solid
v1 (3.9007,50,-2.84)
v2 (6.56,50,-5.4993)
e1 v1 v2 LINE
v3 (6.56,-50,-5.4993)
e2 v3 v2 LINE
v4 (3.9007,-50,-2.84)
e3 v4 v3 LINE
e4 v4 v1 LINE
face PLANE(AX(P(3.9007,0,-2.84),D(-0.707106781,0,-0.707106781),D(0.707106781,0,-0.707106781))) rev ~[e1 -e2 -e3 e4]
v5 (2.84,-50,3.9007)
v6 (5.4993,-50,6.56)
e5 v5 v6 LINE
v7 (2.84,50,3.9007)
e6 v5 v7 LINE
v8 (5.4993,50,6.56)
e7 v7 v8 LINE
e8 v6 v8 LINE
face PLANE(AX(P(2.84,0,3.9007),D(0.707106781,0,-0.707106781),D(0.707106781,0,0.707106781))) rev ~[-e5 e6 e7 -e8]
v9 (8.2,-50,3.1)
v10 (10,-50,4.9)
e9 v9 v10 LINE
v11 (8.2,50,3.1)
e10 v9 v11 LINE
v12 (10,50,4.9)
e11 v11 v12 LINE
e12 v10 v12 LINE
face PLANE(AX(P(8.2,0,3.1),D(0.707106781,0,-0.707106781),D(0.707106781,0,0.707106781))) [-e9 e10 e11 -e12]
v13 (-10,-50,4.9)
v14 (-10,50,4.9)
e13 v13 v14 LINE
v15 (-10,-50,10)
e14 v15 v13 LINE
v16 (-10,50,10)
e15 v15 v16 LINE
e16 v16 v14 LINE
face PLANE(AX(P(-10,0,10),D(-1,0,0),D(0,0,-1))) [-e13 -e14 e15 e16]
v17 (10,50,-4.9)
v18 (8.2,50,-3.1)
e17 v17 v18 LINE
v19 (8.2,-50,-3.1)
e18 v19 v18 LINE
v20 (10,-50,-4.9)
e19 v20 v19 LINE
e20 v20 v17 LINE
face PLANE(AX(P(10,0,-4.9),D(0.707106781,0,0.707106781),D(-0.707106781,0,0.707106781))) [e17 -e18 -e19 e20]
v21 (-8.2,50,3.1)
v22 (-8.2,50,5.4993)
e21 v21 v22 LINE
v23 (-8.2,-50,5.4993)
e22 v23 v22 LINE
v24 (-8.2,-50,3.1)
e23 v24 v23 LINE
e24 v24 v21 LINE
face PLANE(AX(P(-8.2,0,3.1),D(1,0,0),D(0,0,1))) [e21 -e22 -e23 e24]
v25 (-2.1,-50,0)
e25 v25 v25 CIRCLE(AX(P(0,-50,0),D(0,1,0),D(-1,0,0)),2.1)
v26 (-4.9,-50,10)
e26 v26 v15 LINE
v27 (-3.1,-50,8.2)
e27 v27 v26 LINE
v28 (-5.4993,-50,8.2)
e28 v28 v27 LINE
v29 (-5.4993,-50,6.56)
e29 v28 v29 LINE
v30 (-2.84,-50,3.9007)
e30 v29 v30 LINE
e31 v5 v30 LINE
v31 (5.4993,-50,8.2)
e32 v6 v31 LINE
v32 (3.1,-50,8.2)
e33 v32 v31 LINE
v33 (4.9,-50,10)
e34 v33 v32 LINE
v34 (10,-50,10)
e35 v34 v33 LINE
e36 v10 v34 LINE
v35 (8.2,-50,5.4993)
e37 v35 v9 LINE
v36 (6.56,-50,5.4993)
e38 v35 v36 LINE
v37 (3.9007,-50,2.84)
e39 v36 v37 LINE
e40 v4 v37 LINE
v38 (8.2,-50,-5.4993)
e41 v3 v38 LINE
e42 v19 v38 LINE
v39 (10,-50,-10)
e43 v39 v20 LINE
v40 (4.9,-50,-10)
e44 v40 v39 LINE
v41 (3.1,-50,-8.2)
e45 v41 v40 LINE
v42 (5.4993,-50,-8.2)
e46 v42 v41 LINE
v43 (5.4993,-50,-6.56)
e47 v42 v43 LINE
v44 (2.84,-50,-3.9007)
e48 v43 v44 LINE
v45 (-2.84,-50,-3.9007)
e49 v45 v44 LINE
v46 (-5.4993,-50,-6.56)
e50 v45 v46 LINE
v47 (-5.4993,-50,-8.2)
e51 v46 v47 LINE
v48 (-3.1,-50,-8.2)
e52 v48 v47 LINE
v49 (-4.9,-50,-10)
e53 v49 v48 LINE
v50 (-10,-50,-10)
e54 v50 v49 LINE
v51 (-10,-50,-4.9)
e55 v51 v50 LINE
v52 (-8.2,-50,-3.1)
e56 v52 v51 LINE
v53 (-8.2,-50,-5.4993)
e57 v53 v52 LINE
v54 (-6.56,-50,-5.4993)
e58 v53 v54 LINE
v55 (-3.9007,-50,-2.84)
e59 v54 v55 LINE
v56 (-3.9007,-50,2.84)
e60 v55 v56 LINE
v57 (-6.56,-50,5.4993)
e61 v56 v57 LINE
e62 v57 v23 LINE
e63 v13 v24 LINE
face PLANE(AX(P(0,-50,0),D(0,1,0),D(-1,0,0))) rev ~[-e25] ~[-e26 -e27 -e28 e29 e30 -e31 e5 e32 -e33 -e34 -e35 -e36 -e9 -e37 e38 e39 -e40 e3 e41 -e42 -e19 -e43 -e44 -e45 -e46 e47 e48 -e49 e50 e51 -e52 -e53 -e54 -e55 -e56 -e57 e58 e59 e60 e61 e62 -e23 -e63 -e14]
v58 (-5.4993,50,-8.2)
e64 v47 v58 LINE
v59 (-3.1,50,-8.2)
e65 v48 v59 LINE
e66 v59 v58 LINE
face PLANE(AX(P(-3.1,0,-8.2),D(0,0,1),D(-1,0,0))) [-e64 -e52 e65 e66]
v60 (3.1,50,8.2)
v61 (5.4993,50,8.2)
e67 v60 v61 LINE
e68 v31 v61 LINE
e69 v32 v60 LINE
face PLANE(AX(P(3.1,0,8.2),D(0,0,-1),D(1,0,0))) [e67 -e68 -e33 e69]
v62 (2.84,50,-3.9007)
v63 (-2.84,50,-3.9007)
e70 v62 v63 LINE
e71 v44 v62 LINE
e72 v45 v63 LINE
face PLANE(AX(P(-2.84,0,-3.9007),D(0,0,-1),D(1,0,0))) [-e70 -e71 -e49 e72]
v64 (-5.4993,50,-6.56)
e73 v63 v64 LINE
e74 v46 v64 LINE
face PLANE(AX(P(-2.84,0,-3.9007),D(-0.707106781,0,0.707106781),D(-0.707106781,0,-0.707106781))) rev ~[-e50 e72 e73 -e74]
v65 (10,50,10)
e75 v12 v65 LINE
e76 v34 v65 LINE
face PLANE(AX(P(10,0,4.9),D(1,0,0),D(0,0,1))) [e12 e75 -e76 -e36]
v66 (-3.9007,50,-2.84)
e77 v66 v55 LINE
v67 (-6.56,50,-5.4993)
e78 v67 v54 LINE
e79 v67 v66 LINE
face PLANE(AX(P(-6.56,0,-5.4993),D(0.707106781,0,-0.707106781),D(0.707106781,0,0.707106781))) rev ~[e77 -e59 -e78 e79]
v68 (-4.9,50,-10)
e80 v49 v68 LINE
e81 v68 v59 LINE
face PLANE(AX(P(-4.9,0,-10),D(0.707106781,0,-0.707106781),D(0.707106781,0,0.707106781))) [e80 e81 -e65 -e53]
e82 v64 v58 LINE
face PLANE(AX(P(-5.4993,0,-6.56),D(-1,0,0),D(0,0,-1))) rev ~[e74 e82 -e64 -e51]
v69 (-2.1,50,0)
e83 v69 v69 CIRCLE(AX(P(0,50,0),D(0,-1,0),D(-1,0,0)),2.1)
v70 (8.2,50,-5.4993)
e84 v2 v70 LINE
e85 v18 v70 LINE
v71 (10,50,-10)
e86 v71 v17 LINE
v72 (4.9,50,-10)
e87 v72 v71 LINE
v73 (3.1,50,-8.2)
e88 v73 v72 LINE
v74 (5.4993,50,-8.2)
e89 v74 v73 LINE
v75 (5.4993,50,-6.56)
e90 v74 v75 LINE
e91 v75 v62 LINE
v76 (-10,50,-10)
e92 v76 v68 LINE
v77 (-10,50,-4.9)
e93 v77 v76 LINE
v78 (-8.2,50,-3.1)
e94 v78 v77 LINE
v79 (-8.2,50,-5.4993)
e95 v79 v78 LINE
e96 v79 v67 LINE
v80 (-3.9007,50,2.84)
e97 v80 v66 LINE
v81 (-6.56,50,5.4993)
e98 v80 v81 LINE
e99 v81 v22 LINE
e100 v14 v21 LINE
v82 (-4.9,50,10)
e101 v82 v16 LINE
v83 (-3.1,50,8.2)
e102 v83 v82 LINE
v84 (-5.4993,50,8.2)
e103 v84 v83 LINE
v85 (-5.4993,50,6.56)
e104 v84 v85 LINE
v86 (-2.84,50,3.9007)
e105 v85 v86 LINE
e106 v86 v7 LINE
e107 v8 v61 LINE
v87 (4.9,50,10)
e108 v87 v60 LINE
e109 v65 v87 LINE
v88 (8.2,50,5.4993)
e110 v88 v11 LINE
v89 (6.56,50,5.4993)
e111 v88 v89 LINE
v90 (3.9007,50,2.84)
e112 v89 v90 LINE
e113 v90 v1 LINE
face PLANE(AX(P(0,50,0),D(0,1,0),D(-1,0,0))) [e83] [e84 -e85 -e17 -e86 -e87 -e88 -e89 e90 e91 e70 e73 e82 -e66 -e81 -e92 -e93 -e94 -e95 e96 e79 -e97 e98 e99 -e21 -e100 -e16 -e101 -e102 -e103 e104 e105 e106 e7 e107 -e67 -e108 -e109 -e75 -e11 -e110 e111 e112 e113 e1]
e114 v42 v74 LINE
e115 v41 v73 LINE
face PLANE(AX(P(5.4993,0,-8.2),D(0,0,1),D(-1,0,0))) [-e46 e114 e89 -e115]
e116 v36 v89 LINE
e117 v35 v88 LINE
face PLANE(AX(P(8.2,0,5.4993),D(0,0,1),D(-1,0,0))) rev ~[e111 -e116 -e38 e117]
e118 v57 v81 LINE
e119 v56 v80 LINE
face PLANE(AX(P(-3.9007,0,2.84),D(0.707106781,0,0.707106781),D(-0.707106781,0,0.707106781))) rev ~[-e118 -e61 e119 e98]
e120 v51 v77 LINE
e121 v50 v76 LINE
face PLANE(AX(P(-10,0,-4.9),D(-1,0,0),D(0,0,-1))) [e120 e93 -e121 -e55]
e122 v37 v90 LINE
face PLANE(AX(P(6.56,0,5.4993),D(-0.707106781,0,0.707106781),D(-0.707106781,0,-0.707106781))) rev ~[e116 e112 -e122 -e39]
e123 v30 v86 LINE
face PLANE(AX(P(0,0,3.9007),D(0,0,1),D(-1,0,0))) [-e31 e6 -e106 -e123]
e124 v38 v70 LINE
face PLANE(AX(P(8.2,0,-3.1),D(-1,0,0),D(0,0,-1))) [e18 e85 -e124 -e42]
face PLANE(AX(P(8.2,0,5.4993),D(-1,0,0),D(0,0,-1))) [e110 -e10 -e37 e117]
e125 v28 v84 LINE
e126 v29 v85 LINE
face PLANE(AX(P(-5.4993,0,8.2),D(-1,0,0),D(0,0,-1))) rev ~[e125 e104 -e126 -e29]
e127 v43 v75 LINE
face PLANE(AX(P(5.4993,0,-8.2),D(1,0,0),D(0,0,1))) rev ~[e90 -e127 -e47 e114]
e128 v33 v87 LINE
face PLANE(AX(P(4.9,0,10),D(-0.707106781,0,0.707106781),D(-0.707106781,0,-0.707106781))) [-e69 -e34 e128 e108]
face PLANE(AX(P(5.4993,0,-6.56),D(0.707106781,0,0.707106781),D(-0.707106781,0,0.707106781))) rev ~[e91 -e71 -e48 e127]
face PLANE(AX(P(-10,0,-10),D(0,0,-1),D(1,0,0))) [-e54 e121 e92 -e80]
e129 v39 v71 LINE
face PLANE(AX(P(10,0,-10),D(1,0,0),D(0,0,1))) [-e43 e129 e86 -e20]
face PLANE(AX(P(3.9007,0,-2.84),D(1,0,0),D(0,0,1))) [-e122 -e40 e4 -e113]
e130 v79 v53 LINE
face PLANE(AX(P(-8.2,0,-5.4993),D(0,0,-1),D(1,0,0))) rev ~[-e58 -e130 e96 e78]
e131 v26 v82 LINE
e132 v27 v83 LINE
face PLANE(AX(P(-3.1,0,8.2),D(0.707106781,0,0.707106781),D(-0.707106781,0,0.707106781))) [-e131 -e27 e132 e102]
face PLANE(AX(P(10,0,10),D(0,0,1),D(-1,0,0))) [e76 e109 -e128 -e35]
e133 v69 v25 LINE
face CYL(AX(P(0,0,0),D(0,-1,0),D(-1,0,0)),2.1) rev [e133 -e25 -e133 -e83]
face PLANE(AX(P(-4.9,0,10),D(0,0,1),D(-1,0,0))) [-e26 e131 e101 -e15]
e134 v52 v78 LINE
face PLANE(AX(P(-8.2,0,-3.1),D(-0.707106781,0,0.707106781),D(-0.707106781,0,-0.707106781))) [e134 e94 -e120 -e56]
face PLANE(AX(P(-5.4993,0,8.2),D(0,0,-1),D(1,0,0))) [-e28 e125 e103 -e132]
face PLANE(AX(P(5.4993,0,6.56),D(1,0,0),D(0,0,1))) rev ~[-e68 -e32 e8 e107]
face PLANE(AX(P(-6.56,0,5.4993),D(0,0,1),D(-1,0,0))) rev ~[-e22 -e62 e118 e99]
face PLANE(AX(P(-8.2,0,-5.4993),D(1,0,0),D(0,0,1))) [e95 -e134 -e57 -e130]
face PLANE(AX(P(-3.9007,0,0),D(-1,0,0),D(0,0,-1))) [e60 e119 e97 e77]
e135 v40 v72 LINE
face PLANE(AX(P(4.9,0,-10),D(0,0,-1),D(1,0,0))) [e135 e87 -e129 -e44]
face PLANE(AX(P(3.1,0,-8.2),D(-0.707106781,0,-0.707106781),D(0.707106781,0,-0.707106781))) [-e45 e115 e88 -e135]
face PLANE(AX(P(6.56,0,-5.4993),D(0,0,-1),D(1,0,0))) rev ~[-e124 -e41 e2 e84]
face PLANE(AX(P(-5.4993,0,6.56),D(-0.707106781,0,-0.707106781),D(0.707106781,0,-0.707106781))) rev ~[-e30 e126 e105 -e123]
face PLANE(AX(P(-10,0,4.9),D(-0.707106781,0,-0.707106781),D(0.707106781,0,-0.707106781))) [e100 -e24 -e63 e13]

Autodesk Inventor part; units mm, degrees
ref_plane "YZ Plane" through (0, 0, 0) normal (1, 0, 0) x (0, 1, 0)
ref_plane "XZ Plane" through (0, 0, 0) normal (0, 1, 0) x (-1, 0, 0)
ref_plane "XY Plane" through (0, 0, 0) normal (0, 0, 1) x (1, 0, 0)
sketch "Sketch1" plane through (0, 0, 0) normal (0, 1, 0) x (-1, 0, 0)
  circle A0 centre (0, 0) radius 2.1
  line L0 (0, -3.9007) -> (-2.84, -3.9007)
  line L1 (-5.4993, -8.2) -> (-3.1, -8.2)
  line L2 (-3.1, -8.2) -> (-4.9, -10)
  line L3 (-4.9, -10) -> (-10, -10)
  line L4 (-10, -10) -> (-10, -4.9)
  line L5 (-10, -4.9) -> (-8.2, -3.1)
  line L6 (-8.2, -3.1) -> (-8.2, -5.4993)
  line L7 (-3.9007, -2.84) -> (-3.9007, 0)
  line L8 (-3.9007, 0) -> (-2.1, 0)
  line L9 (0, -3.9007) -> (0, -2.1) construction
  line L10 (-5.4993, -8.2) -> (-5.4993, -6.56)
  line L11 (-5.4993, -6.56) -> (-2.84, -3.9007)
  line L12 (-3.9007, -2.84) -> (-6.56, -5.4993)
  line L13 (-6.56, -5.4993) -> (-8.2, -5.4993)
  line L14 (6.56, -5.4993) -> (3.9007, -2.84)
  line L15 (3.1, -8.2) -> (5.4993, -8.2)
  line L16 (5.4993, -6.56) -> (5.4993, -8.2)
  line L17 (8.2, -5.4993) -> (8.2, -3.1)
  line L18 (8.2, -5.4993) -> (6.56, -5.4993)
  line L19 (8.2, -3.1) -> (10, -4.9)
  line L20 (4.9, -10) -> (3.1, -8.2)
  line L21 (10, -4.9) -> (10, -10)
  line L22 (10, -10) -> (4.9, -10)
  line L23 (2.84, -3.9007) -> (0, -3.9007)
  line L24 (0, -3.9007) -> (0, -2.1) construction
  line L25 (3.9007, 0) -> (2.1, 0)
  line L26 (3.9007, 0) -> (3.9007, -2.84)
  line L27 (2.84, -3.9007) -> (5.4993, -6.56)
  line L28 (5.4993, 6.56) -> (2.84, 3.9007)
  line L29 (8.2, 3.1) -> (8.2, 5.4993)
  line L30 (6.56, 5.4993) -> (8.2, 5.4993)
  line L31 (5.4993, 8.2) -> (3.1, 8.2)
  line L32 (5.4993, 8.2) -> (5.4993, 6.56)
  line L33 (3.1, 8.2) -> (4.9, 10)
  line L34 (10, 4.9) -> (8.2, 3.1)
  line L35 (4.9, 10) -> (10, 10)
  line L36 (10, 10) -> (10, 4.9)
  line L37 (3.9007, 2.84) -> (3.9007, 0)
  line L38 (3.9007, 0) -> (2.1, 0) construction
  line L39 (0, 3.9007) -> (0, 2.1)
  line L40 (0, 3.9007) -> (2.84, 3.9007)
  line L41 (3.9007, 2.84) -> (6.56, 5.4993)
  line L42 (-6.56, 5.4993) -> (-3.9007, 2.84)
  line L43 (-3.1, 8.2) -> (-5.4993, 8.2)
  line L44 (-5.4993, 6.56) -> (-5.4993, 8.2)
  line L45 (-8.2, 5.4993) -> (-8.2, 3.1)
  line L46 (-8.2, 5.4993) -> (-6.56, 5.4993)
  line L47 (-8.2, 3.1) -> (-10, 4.9)
  line L48 (-4.9, 10) -> (-3.1, 8.2)
  line L49 (-10, 4.9) -> (-10, 10)
  line L50 (-10, 10) -> (-4.9, 10)
  line L51 (-2.84, 3.9007) -> (0, 3.9007)
  line L52 (0, 3.9007) -> (0, 2.1) construction
  line L53 (-3.9007, 0) -> (-2.1, 0) construction
  line L54 (-3.9007, 0) -> (-3.9007, 2.84)
  line L55 (-2.84, 3.9007) -> (-5.4993, 6.56)
  point P0 (0, -3.0003)
  point P1 (-3.0003, 0)
  point P2 (0, -3.0003)
  point P3 (3.0003, 0)
  point P4 (3.0003, 0)
  point P5 (0, 3.0003)
  point P6 (0, 3.0003)
  point P7 (-3.0003, 0)
  dimension "d0" = 4.2
  dimension "d2" = 45
  dimension "d3" = 3.1
  dimension "d4" = 2.84
  dimension "d7" = 10
  dimension "d8" = 10
  dimension "d9" = 1.5
  dimension "d10" = 1.8
  dimension "d11" = 1.64
  dimension "d14" = 360
extrude "Extrusion1" add sketch "Sketch1" along normal mid plane 100 contours L25 L26 L14 L18 L17 L19 L21 L22 L20 L15 L16 L27 L23 L0 L11 L10 L1 L2 L3 L4 L5 L6 L13 L12 L7 L8 A0 | A0 L39 L40 L28 L32 L31 L33 L35 L36 L34 L29 L30 L41 L37 L25 | A0 L8 L54 L42 L46 L45 L47 L49 L50 L48 L43 L44 L55 L51 L39
properties part number "vslot_100mm" material "Aluminum 6061"
